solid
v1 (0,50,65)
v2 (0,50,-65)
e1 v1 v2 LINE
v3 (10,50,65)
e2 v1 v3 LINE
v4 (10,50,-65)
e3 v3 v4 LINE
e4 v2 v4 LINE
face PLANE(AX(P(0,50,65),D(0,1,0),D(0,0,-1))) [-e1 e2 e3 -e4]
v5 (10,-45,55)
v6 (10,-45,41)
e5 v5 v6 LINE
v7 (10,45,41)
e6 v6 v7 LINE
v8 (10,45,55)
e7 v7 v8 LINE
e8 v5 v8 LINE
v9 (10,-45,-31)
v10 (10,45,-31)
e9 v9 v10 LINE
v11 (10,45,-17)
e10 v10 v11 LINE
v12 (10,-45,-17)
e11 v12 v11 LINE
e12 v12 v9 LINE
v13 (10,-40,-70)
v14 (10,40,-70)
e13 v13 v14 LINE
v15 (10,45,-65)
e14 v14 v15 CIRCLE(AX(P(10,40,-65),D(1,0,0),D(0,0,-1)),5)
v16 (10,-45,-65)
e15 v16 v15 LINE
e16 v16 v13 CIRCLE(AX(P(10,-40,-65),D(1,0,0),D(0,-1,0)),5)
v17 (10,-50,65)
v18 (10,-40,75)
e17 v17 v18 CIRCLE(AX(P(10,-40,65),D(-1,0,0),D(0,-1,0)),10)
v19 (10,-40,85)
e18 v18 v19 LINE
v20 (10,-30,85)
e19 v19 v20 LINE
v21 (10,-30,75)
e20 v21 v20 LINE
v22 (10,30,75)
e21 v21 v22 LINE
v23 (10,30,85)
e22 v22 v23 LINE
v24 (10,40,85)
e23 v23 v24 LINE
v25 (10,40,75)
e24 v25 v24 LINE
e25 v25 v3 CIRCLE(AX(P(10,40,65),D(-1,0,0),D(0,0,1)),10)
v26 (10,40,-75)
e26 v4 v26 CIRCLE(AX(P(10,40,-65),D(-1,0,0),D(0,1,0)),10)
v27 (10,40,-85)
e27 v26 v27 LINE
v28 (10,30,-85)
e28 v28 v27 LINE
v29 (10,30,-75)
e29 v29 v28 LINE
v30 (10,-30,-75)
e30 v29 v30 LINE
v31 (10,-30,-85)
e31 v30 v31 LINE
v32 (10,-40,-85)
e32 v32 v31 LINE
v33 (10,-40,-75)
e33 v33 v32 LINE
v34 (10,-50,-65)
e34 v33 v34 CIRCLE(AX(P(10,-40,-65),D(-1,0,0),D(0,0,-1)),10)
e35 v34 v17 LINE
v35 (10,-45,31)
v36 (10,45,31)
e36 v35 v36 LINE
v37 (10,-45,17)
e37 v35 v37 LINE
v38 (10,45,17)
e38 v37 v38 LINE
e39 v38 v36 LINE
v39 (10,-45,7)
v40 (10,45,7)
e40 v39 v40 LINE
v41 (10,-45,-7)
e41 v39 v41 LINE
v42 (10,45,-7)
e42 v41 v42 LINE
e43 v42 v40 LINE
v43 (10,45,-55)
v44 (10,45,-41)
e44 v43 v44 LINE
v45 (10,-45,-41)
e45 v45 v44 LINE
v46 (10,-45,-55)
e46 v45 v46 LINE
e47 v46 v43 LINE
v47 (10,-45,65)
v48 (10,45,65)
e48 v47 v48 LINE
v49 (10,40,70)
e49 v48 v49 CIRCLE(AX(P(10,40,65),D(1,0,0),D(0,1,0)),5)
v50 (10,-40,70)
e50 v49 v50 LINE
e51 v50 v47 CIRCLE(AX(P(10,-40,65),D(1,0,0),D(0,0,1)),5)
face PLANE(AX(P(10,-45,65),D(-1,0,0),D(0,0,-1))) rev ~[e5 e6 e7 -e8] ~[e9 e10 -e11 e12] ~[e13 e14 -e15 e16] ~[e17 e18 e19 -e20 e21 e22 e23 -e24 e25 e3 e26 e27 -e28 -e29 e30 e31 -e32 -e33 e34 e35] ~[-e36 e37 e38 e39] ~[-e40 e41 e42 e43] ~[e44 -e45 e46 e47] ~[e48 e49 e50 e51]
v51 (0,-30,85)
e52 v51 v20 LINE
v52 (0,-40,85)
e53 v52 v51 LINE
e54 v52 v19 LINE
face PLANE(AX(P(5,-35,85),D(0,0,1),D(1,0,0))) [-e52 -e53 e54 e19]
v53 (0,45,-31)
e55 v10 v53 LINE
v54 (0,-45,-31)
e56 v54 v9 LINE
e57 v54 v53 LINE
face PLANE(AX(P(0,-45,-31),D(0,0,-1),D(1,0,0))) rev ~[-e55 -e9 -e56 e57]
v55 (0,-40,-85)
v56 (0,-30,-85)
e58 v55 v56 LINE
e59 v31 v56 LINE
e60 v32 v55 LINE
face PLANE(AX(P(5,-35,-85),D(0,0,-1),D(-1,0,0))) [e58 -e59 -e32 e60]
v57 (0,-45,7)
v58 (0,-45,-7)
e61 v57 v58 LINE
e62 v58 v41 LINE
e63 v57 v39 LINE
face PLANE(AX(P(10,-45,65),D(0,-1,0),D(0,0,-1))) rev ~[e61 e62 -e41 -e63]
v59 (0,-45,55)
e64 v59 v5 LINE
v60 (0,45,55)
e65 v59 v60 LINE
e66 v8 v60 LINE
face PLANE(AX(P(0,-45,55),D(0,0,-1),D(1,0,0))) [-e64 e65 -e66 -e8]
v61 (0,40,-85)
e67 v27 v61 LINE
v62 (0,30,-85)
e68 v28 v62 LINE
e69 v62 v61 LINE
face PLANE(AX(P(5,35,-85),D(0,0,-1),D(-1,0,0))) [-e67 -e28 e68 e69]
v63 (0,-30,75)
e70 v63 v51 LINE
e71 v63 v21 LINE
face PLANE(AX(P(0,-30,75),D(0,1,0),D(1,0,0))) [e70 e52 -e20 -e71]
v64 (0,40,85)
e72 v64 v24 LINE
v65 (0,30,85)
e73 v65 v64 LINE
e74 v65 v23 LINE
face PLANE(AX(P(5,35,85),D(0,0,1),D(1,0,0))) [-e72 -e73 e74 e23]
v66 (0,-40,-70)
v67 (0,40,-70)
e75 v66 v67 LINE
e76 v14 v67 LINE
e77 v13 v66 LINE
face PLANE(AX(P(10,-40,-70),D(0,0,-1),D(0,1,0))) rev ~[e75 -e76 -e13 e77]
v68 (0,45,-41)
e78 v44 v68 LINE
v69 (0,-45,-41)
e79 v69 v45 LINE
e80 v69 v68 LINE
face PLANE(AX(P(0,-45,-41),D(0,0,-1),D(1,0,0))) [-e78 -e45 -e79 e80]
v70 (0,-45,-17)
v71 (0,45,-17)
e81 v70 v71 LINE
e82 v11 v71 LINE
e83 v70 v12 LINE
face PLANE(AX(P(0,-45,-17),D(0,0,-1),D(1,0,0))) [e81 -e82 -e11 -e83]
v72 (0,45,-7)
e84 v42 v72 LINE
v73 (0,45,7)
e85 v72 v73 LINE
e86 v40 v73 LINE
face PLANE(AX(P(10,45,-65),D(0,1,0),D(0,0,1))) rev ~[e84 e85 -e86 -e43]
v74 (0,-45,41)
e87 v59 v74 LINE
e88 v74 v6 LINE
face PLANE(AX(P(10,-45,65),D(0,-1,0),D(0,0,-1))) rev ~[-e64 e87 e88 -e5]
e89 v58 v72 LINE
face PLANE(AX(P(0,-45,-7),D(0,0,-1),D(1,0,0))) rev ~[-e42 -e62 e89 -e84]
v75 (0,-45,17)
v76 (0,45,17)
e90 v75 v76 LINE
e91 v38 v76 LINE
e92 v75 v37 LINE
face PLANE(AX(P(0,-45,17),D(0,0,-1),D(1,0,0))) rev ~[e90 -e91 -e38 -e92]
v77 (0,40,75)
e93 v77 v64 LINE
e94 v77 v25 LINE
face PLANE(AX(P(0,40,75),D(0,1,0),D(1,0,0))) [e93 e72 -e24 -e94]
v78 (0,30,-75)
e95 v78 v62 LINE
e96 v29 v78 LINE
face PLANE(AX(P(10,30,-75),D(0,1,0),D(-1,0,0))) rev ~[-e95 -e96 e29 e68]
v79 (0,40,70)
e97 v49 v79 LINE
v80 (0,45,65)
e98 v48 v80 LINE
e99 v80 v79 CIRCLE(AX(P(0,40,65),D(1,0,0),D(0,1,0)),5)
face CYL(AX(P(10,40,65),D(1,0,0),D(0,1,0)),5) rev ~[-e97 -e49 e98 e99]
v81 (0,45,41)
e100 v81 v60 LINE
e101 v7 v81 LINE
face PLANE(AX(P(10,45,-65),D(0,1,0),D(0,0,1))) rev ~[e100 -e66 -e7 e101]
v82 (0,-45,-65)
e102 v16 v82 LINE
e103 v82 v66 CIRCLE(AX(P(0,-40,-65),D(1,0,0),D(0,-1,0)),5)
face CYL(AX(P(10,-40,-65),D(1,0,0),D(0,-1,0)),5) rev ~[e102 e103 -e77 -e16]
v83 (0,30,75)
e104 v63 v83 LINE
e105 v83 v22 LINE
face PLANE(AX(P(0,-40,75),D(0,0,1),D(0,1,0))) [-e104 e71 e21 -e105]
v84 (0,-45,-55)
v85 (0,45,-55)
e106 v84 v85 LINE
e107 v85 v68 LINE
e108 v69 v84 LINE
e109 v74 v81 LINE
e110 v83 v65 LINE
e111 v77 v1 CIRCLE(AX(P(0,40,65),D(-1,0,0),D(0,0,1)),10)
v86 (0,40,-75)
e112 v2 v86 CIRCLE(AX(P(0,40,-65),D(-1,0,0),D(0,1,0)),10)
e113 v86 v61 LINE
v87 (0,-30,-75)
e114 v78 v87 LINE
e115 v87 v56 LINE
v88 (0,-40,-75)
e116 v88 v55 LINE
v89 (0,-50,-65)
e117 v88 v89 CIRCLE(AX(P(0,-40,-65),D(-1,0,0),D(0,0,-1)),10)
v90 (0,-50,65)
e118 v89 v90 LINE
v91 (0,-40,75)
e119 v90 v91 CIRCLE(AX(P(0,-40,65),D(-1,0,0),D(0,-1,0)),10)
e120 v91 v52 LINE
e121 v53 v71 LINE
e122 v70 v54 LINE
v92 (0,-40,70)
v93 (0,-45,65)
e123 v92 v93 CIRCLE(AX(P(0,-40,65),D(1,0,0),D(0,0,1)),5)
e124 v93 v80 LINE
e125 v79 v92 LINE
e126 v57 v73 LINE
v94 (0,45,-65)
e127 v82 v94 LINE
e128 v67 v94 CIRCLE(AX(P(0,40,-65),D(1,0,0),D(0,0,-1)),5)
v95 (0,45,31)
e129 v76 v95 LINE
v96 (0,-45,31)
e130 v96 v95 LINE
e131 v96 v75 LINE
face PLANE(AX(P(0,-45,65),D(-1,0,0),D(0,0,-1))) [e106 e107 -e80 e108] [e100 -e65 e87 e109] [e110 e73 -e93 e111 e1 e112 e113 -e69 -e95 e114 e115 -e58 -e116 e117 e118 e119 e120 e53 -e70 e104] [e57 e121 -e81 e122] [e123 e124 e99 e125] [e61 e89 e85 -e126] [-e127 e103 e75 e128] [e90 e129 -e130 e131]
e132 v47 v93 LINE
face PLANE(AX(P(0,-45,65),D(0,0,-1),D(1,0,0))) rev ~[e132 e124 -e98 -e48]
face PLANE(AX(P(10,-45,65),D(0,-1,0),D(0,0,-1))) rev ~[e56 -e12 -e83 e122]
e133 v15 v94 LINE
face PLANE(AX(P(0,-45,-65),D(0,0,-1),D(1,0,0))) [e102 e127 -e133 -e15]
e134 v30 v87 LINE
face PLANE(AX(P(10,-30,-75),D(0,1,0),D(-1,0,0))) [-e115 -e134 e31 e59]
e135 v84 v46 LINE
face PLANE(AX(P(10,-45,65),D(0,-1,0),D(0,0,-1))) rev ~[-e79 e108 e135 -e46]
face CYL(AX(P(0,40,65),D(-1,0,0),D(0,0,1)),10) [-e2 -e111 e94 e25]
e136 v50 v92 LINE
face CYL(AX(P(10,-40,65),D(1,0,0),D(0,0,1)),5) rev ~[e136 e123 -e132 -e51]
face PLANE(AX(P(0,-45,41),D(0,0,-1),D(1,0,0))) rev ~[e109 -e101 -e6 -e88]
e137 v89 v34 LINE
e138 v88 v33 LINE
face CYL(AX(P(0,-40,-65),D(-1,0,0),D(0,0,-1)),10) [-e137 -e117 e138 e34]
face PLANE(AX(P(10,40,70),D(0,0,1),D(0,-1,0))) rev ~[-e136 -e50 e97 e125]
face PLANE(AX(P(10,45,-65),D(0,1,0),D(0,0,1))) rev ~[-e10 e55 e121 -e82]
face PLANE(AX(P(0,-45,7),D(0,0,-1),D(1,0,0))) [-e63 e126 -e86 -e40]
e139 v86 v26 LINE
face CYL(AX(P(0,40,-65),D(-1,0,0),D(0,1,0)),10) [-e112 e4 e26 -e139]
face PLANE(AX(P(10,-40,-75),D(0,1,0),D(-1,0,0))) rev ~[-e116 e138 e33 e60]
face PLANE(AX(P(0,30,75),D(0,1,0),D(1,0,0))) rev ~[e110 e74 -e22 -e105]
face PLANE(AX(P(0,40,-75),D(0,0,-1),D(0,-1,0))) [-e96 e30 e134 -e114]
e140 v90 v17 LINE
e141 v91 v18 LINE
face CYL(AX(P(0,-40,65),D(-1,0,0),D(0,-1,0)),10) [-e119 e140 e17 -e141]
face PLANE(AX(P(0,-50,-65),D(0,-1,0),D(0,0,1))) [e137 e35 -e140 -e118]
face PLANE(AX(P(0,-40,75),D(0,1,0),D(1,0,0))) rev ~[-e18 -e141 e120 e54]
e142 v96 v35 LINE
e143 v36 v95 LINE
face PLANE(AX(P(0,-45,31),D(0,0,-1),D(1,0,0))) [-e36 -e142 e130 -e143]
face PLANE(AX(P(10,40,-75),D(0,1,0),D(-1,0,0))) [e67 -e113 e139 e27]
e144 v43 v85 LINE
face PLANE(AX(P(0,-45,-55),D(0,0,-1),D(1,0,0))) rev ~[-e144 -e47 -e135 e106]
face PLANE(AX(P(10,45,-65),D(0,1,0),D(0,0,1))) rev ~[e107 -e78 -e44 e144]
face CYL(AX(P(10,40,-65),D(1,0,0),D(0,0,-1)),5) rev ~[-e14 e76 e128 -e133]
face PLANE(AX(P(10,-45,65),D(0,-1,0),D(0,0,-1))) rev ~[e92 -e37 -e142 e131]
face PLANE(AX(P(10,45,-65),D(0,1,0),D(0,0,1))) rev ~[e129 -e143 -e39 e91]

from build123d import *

# Parameters (mm, degrees)
BOSS_EXTRUDE2_DEPTH = 10
CUT_EXTRUDE1_DEPTH  = 10
SKETCH3_W           = 10
SKETCH3_H           = 10
BOSS_EXTRUDE4_DEPTH = 10
SKETCH4_W           = 10
SKETCH4_H           = 10
BOSS_EXTRUDE5_DEPTH = 10
BOSS_EXTRUDE6_REACH = 129.867
SKETCH6_W           = 10
SKETCH6_H           = 10


with BuildPart() as part:
    # Sketch1 → Boss-Extrude2 (new body)
    with BuildSketch(Plane(origin=(0, 0, 0), x_dir=(0, 0, -1), z_dir=(1, 0, 0))):
        with BuildLine():
            Line((-65, 50), (65, 50))
            ThreePointArc((65, 50), (72.071067812, 47.071067812), (75, 40))
            Line((75, 40), (75, -40))
            ThreePointArc((75, -40), (72.071067812, -47.071067812), (65, -50))
            Line((65, -50), (-65, -50))
            ThreePointArc((-65, -50), (-72.071067812, -47.071067812), (-75, -40))
            Line((-75, -40), (-75, 40))
            ThreePointArc((-75, 40), (-72.071067812, 47.071067812), (-65, 50))
        make_face()
    extrude(amount=BOSS_EXTRUDE2_DEPTH)

    # Sketch2 → Cut-Extrude1 (cut)
    with BuildSketch(Plane(origin=(10, 0, 0), x_dir=(0, 0, -1), z_dir=(1, 0, 0))):
        with BuildLine():
            Line((-70, 40), (-70, -40))
            ThreePointArc((-70, -40), (-68.535533906, -43.535533906), (-65, -45))
            Line((-65, -45), (65, -45))
            ThreePointArc((65, -45), (68.535533906, -43.535533906), (70, -40))
            Line((70, -40), (70, 40))
            ThreePointArc((70, 40), (68.535533906, 43.535533906), (65, 45))
            Line((65, 45), (-65, 45))
            ThreePointArc((-65, 45), (-68.535533906, 43.535533906), (-70, 40))
        make_face()
    extrude(amount=-CUT_EXTRUDE1_DEPTH, mode=Mode.SUBTRACT)

    # Sketch3 → Boss-Extrude4 (add)
    with BuildSketch(Plane.XY.offset(75)):
        with Locations((5, 35)):
            Rectangle(SKETCH3_W, SKETCH3_H)
        with Locations((5, -35)):
            Rectangle(SKETCH3_W, SKETCH3_H)
    extrude(amount=BOSS_EXTRUDE4_DEPTH)

    # Sketch4 → Boss-Extrude5 (add)
    with BuildSketch(Plane(origin=(0, 0, -75), x_dir=(-1, 0, 0), z_dir=(0, 0, -1))):
        with Locations((-5, 35)):
            Rectangle(SKETCH4_W, SKETCH4_H)
        with Locations((-5, -35)):
            Rectangle(SKETCH4_W, SKETCH4_H)
    extrude(amount=BOSS_EXTRUDE5_DEPTH)

    # Boss-Extrude6: up to this face of the body (flat: up to its plane)
    boss_extrude6_end = Plane(part.part.faces().sort_by_distance((5, 45, 0))[0])
    # Sketch6 → Boss-Extrude6 (add, up to the picked face)
    with BuildSketch(Plane(origin=(0, -45, 0), x_dir=(1, 0, 0), z_dir=(0, 1, 0)), mode=Mode.PRIVATE) as boss_extrude6_sk1:
        with Locations((5, 60)):
            Rectangle(SKETCH6_W, SKETCH6_H)
    boss_extrude6_tool1 = split(extrude(boss_extrude6_sk1.sketch, amount=BOSS_EXTRUDE6_REACH, mode=Mode.PRIVATE), bisect_by=boss_extrude6_end, keep=Keep.BOTH, mode=Mode.PRIVATE)
    # Sketch6 → Boss-Extrude6 (add, up to the picked face)
    with BuildSketch(Plane(origin=(0, -45, 0), x_dir=(1, 0, 0), z_dir=(0, 1, 0)), mode=Mode.PRIVATE) as boss_extrude6_sk2:
        with Locations((5, 36)):
            Rectangle(SKETCH6_W, SKETCH6_H)
    boss_extrude6_tool2 = split(extrude(boss_extrude6_sk2.sketch, amount=BOSS_EXTRUDE6_REACH, mode=Mode.PRIVATE), bisect_by=boss_extrude6_end, keep=Keep.BOTH, mode=Mode.PRIVATE)
    # Sketch6 → Boss-Extrude6 (add, up to the picked face)
    with BuildSketch(Plane(origin=(0, -45, 0), x_dir=(1, 0, 0), z_dir=(0, 1, 0)), mode=Mode.PRIVATE) as boss_extrude6_sk3:
        with Locations((5, 12)):
            Rectangle(SKETCH6_W, SKETCH6_H)
    boss_extrude6_tool3 = split(extrude(boss_extrude6_sk3.sketch, amount=BOSS_EXTRUDE6_REACH, mode=Mode.PRIVATE), bisect_by=boss_extrude6_end, keep=Keep.BOTH, mode=Mode.PRIVATE)
    # Sketch6 → Boss-Extrude6 (add, up to the picked face)
    with BuildSketch(Plane(origin=(0, -45, 0), x_dir=(1, 0, 0), z_dir=(0, 1, 0)), mode=Mode.PRIVATE) as boss_extrude6_sk4:
        with Locations((5, -12)):
            Rectangle(SKETCH6_W, SKETCH6_H)
    boss_extrude6_tool4 = split(extrude(boss_extrude6_sk4.sketch, amount=BOSS_EXTRUDE6_REACH, mode=Mode.PRIVATE), bisect_by=boss_extrude6_end, keep=Keep.BOTH, mode=Mode.PRIVATE)
    # Sketch6 → Boss-Extrude6 (add, up to the picked face)
    with BuildSketch(Plane(origin=(0, -45, 0), x_dir=(1, 0, 0), z_dir=(0, 1, 0)), mode=Mode.PRIVATE) as boss_extrude6_sk5:
        with Locations((5, -60)):
            Rectangle(SKETCH6_W, SKETCH6_H)
    boss_extrude6_tool5 = split(extrude(boss_extrude6_sk5.sketch, amount=BOSS_EXTRUDE6_REACH, mode=Mode.PRIVATE), bisect_by=boss_extrude6_end, keep=Keep.BOTH, mode=Mode.PRIVATE)
    # Sketch6 → Boss-Extrude6 (add, up to the picked face)
    with BuildSketch(Plane(origin=(0, -45, 0), x_dir=(1, 0, 0), z_dir=(0, 1, 0)), mode=Mode.PRIVATE) as boss_extrude6_sk6:
        with Locations((5, -36)):
            Rectangle(SKETCH6_W, SKETCH6_H)
    boss_extrude6_tool6 = split(extrude(boss_extrude6_sk6.sketch, amount=BOSS_EXTRUDE6_REACH, mode=Mode.PRIVATE), bisect_by=boss_extrude6_end, keep=Keep.BOTH, mode=Mode.PRIVATE)
    add(boss_extrude6_tool1.solids().sort_by(Axis((5, -45, -60), (0, 1, 0)))[0])
    add(boss_extrude6_tool2.solids().sort_by(Axis((5, -45, -36), (0, 1, 0)))[0])
    add(boss_extrude6_tool3.solids().sort_by(Axis((5, -45, -12), (0, 1, 0)))[0])
    add(boss_extrude6_tool4.solids().sort_by(Axis((5, -45, 12), (0, 1, 0)))[0])
    add(boss_extrude6_tool5.solids().sort_by(Axis((5, -45, 60), (0, 1, 0)))[0])
    add(boss_extrude6_tool6.solids().sort_by(Axis((5, -45, 36), (0, 1, 0)))[0])


solid = part.part
